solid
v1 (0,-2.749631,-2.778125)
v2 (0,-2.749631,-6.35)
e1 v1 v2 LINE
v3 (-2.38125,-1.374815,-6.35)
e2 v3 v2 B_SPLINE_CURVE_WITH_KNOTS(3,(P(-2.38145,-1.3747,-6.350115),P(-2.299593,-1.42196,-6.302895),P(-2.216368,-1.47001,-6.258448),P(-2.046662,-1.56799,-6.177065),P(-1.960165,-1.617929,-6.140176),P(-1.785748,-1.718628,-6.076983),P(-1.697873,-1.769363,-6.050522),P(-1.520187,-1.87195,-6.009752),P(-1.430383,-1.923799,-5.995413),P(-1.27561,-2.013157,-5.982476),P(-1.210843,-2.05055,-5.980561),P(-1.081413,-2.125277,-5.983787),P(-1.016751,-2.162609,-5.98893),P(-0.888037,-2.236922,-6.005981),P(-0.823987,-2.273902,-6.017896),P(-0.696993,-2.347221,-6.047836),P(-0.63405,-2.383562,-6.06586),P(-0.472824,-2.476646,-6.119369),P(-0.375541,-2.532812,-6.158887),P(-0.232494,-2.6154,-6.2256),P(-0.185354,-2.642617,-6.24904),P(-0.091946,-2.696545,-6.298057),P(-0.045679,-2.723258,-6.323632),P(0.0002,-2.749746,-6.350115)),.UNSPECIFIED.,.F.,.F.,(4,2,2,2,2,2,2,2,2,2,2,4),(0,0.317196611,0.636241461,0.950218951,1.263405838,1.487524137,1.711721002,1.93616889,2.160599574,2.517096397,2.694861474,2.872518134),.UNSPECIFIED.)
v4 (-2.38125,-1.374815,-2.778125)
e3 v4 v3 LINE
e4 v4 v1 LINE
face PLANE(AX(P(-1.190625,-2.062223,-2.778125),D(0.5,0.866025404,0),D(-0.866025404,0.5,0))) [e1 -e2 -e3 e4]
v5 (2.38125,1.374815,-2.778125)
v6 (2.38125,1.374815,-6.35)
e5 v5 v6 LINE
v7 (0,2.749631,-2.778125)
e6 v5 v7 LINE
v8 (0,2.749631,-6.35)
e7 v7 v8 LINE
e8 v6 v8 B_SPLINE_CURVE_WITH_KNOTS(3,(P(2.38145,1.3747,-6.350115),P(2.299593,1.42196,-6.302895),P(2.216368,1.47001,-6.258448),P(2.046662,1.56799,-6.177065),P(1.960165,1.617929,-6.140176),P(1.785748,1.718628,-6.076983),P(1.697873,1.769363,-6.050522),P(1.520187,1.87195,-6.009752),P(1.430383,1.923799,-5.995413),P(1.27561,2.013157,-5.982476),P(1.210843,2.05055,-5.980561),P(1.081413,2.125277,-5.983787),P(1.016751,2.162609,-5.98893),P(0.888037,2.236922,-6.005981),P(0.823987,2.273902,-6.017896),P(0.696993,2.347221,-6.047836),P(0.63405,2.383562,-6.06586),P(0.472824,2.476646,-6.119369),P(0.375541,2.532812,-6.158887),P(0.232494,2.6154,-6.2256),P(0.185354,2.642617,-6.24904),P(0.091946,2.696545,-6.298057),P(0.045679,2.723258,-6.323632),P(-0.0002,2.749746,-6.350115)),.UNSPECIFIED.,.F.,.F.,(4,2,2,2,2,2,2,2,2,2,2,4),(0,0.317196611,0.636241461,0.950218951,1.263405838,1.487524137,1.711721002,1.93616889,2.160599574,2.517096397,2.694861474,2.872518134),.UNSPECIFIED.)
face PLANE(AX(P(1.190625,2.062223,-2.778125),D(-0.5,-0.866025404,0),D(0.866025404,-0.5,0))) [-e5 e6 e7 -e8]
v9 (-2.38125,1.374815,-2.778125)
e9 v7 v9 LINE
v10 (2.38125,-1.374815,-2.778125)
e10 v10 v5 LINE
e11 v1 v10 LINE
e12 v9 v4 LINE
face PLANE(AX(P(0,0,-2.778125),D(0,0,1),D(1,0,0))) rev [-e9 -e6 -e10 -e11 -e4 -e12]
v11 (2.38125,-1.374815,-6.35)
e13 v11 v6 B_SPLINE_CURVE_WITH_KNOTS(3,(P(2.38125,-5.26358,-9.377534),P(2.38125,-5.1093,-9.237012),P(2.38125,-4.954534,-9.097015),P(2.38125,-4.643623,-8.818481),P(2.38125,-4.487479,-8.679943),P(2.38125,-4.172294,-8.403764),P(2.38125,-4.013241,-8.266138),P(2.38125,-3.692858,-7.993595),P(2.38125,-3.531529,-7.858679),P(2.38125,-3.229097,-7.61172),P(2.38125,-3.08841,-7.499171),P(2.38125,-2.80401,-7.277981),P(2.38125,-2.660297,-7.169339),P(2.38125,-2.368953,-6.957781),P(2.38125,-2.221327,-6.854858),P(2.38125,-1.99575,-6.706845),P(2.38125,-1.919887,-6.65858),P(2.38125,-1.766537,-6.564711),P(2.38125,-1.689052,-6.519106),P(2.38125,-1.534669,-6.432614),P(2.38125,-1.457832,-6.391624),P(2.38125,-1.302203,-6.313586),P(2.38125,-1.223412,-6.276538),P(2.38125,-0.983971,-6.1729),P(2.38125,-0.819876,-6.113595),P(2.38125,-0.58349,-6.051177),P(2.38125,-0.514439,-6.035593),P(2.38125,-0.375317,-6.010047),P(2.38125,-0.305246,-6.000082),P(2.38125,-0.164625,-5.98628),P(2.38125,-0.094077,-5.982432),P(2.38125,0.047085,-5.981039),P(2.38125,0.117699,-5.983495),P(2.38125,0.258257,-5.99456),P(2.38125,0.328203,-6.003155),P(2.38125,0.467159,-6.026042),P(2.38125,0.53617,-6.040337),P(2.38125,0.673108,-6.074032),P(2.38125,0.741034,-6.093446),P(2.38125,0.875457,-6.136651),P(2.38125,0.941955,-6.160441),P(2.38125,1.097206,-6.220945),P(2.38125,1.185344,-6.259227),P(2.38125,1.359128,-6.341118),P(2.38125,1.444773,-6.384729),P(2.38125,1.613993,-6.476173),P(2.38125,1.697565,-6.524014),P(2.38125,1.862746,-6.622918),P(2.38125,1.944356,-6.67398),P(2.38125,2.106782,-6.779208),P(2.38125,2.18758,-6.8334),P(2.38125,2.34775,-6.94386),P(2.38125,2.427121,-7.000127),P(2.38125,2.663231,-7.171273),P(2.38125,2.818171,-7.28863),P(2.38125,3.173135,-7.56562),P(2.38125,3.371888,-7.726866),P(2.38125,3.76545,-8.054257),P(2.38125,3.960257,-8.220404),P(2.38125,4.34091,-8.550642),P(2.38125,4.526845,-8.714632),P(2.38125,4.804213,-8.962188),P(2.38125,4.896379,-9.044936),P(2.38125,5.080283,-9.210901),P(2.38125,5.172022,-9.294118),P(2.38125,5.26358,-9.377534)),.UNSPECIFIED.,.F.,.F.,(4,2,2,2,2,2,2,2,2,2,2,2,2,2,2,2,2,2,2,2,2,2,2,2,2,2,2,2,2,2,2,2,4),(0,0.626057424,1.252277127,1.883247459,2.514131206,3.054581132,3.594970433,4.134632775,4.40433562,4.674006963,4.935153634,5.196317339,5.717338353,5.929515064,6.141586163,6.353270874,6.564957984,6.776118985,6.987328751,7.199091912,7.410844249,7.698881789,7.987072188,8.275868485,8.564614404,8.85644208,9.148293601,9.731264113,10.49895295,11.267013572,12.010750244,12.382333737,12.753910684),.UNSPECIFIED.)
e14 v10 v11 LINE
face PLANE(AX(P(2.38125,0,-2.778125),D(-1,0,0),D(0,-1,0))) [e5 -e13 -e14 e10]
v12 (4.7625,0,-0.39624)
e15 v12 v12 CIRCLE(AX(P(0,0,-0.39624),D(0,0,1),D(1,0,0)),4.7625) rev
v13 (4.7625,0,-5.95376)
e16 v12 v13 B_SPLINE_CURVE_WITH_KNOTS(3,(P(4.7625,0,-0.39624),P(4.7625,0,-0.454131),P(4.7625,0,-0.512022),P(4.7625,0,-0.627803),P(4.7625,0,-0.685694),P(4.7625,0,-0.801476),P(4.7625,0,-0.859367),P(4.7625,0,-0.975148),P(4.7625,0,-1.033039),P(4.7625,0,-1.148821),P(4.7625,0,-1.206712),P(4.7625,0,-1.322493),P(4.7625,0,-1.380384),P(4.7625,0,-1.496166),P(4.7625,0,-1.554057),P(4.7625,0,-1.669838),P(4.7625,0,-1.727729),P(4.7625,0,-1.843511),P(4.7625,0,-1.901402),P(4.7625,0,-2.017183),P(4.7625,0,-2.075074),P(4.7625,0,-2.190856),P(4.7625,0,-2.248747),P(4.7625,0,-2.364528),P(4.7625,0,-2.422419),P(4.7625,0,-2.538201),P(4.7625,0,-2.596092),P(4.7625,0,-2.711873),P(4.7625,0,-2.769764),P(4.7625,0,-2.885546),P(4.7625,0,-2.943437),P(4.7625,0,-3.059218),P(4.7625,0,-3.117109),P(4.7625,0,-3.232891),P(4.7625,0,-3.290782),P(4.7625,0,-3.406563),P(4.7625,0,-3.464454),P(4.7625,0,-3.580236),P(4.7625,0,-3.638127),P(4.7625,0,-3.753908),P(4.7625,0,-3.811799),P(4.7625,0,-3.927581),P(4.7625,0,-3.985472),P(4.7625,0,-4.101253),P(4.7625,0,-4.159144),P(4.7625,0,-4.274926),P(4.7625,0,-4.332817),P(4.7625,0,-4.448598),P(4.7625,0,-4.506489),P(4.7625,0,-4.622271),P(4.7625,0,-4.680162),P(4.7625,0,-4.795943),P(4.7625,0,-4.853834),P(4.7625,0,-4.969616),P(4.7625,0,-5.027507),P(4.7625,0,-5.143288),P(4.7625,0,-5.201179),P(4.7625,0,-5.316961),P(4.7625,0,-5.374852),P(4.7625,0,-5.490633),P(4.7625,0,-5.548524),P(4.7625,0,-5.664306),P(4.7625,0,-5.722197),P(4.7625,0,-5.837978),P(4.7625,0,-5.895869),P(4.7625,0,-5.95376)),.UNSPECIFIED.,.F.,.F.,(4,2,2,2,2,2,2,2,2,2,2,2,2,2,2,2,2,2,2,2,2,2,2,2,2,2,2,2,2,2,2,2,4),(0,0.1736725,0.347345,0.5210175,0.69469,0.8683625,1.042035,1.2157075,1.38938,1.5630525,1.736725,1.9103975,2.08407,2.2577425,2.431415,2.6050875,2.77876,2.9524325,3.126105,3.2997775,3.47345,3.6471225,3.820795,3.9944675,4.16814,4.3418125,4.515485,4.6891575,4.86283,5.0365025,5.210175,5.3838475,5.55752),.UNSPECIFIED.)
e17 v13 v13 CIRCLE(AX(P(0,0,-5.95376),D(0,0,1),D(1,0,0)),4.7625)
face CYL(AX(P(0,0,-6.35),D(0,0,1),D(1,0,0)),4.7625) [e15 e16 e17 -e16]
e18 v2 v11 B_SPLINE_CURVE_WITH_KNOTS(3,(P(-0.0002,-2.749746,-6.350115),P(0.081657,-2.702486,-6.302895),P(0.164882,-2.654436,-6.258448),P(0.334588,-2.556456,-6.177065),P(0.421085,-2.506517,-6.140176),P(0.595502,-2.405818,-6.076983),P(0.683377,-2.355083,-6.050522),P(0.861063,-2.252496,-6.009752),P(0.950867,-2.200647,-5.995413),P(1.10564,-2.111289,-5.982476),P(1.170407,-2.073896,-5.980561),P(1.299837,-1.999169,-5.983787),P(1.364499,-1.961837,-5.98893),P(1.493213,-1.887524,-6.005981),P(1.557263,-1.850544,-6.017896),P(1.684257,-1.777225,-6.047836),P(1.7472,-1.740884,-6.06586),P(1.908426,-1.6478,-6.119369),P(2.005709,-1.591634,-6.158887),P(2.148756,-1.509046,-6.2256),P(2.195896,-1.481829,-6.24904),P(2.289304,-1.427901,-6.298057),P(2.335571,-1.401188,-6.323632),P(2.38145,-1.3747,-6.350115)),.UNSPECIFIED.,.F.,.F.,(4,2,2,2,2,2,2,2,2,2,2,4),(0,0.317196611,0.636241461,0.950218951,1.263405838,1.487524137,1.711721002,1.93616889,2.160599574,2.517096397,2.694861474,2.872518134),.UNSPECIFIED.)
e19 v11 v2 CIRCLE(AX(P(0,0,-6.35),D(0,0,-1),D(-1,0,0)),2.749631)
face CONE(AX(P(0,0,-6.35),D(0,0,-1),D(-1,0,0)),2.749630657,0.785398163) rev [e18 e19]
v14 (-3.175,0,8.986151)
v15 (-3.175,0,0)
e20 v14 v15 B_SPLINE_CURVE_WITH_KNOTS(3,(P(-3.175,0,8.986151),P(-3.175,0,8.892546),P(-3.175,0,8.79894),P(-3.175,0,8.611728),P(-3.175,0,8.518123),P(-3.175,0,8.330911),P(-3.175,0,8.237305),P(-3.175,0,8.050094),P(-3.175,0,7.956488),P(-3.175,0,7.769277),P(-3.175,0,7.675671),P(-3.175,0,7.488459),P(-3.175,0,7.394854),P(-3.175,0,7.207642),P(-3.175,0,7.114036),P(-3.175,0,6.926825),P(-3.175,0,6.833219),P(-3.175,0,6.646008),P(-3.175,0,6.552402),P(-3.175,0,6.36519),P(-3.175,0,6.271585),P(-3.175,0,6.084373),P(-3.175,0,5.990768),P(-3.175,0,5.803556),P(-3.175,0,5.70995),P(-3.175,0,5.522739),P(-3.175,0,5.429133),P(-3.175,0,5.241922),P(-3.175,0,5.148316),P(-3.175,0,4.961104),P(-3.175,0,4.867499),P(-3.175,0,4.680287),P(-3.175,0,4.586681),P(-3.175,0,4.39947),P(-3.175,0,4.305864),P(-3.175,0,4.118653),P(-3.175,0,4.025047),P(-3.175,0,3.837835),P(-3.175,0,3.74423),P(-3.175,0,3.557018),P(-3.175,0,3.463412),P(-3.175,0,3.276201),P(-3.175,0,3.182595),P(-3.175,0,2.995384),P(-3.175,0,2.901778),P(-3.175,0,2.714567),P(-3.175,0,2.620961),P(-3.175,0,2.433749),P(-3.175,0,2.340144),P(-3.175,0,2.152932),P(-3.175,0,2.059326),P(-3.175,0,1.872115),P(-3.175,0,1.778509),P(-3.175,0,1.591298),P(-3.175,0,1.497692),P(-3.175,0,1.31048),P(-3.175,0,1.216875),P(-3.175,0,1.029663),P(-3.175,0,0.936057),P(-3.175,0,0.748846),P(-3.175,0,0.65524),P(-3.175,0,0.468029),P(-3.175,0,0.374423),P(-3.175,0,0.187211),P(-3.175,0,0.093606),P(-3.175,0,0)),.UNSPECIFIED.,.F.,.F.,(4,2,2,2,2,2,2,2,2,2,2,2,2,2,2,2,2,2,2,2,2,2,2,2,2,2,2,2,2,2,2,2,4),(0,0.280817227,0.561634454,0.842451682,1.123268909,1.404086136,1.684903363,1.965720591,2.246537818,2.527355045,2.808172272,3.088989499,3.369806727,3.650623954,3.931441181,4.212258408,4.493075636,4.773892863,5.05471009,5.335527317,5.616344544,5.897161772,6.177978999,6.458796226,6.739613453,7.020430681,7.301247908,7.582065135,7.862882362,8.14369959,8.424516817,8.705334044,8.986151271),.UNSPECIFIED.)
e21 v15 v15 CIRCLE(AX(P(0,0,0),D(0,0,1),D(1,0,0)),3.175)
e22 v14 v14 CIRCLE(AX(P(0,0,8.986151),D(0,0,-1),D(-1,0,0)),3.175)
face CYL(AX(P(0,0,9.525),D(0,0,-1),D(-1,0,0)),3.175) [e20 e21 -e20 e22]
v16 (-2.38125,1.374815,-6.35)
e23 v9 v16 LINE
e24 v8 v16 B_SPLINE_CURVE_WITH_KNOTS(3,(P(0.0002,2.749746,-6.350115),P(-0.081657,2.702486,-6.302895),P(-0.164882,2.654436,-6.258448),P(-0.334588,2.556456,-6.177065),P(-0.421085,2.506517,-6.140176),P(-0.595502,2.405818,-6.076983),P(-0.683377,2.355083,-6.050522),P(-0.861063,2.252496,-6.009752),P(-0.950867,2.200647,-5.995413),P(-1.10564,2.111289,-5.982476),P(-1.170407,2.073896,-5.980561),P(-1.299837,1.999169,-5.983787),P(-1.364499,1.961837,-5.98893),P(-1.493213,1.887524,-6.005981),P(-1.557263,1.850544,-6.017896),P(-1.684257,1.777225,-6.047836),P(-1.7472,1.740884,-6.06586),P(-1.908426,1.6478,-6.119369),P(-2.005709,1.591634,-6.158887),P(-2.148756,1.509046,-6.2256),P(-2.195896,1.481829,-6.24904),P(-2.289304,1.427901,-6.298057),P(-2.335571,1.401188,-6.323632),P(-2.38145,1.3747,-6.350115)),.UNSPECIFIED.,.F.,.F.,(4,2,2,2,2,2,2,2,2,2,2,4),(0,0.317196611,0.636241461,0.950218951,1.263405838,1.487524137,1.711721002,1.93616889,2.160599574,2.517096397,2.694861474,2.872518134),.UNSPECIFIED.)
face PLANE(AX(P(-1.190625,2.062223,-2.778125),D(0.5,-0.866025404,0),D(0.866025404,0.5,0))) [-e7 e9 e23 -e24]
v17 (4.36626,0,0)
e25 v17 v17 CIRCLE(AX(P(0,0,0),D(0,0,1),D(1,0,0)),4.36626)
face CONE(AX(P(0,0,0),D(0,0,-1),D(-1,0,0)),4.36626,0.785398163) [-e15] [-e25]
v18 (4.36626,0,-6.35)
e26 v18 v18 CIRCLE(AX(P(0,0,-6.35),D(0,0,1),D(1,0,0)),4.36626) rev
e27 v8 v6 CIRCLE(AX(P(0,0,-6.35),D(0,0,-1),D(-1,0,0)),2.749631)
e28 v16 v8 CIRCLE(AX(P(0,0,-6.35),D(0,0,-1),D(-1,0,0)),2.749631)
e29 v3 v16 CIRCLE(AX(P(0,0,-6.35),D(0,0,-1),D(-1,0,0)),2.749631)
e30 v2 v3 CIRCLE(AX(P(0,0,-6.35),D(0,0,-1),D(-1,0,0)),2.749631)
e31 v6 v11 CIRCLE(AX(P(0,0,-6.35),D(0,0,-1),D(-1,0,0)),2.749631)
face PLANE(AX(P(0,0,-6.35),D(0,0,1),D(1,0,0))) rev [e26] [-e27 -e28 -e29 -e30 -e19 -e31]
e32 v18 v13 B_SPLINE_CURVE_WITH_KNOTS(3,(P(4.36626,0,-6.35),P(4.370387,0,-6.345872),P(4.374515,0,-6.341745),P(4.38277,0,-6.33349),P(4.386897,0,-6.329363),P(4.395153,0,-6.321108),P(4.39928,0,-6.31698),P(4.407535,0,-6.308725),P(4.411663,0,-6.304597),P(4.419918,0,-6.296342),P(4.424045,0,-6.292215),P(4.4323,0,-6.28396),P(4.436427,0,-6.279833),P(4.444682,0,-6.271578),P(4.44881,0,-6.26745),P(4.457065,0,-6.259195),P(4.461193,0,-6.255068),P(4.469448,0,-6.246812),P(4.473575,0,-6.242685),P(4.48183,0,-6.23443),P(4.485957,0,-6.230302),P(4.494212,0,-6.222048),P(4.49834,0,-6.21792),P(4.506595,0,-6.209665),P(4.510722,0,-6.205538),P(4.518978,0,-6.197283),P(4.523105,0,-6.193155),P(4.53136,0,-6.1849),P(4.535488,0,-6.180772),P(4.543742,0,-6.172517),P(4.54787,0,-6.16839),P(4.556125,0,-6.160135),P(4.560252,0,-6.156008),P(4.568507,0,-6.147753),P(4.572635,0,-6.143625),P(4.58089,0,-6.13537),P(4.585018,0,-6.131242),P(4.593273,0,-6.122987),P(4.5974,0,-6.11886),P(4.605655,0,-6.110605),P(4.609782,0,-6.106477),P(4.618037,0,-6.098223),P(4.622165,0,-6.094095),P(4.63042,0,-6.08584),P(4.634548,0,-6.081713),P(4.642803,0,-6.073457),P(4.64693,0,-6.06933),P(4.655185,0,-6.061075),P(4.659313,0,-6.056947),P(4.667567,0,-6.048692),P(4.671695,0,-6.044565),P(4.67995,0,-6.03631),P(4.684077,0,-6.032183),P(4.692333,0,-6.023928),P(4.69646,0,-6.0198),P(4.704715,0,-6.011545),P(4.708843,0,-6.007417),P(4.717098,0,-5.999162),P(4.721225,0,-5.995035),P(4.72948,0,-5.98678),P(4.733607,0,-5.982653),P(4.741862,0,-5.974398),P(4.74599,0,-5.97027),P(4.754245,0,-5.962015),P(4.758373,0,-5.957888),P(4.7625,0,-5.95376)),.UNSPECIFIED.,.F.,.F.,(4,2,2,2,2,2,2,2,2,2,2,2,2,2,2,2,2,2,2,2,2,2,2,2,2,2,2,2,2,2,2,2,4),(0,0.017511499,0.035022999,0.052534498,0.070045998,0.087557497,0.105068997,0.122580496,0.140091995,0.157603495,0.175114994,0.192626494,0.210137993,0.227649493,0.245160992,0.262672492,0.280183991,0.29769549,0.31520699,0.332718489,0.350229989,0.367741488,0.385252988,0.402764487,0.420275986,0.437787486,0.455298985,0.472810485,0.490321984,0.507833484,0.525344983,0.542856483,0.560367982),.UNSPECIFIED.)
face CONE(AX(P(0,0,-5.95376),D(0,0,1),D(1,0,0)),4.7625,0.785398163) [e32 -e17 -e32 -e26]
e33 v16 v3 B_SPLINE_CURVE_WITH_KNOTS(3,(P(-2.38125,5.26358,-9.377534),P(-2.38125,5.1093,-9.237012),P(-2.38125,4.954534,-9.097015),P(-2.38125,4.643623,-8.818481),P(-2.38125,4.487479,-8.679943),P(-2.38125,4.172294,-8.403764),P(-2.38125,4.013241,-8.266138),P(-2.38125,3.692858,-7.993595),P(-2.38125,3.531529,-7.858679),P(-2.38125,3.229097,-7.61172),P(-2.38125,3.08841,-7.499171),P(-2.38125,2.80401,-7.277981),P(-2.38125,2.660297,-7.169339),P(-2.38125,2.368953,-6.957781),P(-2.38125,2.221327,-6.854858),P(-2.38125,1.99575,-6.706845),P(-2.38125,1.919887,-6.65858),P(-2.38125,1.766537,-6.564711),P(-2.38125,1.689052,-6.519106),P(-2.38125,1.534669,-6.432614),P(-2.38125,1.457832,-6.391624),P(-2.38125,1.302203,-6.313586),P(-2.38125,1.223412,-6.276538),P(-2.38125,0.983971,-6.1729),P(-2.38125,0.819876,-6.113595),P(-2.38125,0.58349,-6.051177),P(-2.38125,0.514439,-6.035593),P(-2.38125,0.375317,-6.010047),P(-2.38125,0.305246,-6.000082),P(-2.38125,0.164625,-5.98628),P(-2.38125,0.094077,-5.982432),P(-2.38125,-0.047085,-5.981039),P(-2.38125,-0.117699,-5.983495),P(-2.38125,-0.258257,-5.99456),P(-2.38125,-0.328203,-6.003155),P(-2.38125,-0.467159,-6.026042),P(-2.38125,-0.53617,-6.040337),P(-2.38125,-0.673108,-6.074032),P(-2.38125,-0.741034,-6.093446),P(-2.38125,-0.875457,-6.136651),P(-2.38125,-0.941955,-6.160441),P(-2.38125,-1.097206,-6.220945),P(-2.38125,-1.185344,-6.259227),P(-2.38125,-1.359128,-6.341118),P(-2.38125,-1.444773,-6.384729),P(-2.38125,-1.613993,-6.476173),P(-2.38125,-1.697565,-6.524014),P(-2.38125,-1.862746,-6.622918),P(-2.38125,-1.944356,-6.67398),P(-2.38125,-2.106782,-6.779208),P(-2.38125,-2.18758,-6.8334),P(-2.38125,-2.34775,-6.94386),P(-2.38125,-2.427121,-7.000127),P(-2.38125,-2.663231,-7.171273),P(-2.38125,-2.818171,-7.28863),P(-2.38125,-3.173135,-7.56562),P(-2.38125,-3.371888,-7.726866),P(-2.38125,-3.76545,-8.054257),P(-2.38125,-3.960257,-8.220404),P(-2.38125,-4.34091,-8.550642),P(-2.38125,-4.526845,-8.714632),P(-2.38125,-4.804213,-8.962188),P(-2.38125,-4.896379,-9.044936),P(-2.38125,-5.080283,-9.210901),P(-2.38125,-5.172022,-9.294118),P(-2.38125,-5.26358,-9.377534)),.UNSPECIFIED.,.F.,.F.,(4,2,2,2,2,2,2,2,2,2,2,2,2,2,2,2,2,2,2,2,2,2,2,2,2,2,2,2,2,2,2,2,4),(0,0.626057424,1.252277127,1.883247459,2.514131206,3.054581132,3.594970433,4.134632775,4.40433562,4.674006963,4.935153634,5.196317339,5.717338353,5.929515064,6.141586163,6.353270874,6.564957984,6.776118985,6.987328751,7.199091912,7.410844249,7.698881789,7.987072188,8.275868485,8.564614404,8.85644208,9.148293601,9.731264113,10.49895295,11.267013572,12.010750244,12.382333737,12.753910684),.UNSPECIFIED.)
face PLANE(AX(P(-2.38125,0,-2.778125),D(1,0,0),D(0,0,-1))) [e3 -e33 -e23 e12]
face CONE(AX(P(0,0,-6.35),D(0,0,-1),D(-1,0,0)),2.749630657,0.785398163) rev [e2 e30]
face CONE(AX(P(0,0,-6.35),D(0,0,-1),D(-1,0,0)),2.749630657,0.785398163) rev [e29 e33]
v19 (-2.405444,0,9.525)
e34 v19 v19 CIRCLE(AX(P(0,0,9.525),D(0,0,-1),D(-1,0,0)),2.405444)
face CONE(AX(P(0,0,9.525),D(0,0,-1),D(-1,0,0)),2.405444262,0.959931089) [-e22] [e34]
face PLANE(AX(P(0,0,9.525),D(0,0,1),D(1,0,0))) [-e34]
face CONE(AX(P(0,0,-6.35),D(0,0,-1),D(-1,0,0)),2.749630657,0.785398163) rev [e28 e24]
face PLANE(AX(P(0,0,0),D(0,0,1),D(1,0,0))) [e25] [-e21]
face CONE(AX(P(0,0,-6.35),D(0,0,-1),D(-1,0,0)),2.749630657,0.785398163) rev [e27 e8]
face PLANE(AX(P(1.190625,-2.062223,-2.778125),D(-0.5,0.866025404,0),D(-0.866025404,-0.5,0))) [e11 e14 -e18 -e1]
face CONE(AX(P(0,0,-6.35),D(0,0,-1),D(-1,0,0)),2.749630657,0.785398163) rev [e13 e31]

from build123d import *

# Parameters (mm, degrees)
SKETCH1_R           = 3.175
BOSS_EXTRUDE1_DEPTH = 9.525
SKETCH3_R           = 4.7625
BOSS_EXTRUDE2_DEPTH = 6.35
CUT_EXTRUDE1_START  = -6.35
CUT_EXTRUDE1_DEPTH  = 3.571875
CHAMFER1_SIZE       = 0.39624


with BuildPart() as part:
    # Sketch1 → Boss-Extrude1 (new body)
    with BuildSketch(Plane.XY):
        with Locations(Location((0, 0, 0), (0, 0, 180))):
            Circle(SKETCH1_R)
    extrude(amount=BOSS_EXTRUDE1_DEPTH)

    # Sketch2 → Cut-Revolve1 (revolve, cut)
    with BuildSketch(Plane(origin=(0, 0, 0), x_dir=(0, 0, -1), z_dir=(1, 0, 0)), mode=Mode.PRIVATE) as cut_revolve1_sk:
        Polygon((-9.525, 3.175), (-9.525, 2.405444262), (-8.986151271, 3.175), align=None)
    revolve(cut_revolve1_sk.sketch.rotate(Axis((0, 0, 0), (0, 0, 1)), 90), axis=Axis((0, 0, 0), (0, 0, 1)), mode=Mode.SUBTRACT)

    # Sketch3 → Boss-Extrude2 (add)
    with BuildSketch(Plane.XY):
        Circle(SKETCH3_R)
    extrude(amount=-BOSS_EXTRUDE2_DEPTH)

    # Sketch4 → Cut-Extrude1 (cut)
    with BuildSketch(Plane.XY.offset(CUT_EXTRUDE1_START)):
        Polygon((0, -2.749630657), (2.38125, -1.374815329), (2.38125, 1.374815329), (0, 2.749630657), (-2.38125, 1.374815329), (-2.38125, -1.374815329), align=None)
    extrude(amount=CUT_EXTRUDE1_DEPTH, mode=Mode.SUBTRACT)

    # Cut-Extrude2 cone 1 section (through the dimple's axis) → Cut-Extrude2 (revolve, cut)
    with BuildSketch(Plane(origin=(0, 0, -6.35), x_dir=(0, 1, 0), z_dir=(1, 0, 0))):
        Polygon((0, 0), (2.749630657, 0), (0, 2.749630657), align=None)
    revolve(axis=Axis((0, 0, -6.35), (0, 0, 1)), mode=Mode.SUBTRACT)

    # Chamfer1
    chamfer1_edges = [part.edges().sort_by_distance(p)[0] for p in [
        (-4.7625, 0, -6.35),
        (-4.7625, 0, 0),
    ]]
    chamfer(chamfer1_edges, length=CHAMFER1_SIZE)


solid = part.part
